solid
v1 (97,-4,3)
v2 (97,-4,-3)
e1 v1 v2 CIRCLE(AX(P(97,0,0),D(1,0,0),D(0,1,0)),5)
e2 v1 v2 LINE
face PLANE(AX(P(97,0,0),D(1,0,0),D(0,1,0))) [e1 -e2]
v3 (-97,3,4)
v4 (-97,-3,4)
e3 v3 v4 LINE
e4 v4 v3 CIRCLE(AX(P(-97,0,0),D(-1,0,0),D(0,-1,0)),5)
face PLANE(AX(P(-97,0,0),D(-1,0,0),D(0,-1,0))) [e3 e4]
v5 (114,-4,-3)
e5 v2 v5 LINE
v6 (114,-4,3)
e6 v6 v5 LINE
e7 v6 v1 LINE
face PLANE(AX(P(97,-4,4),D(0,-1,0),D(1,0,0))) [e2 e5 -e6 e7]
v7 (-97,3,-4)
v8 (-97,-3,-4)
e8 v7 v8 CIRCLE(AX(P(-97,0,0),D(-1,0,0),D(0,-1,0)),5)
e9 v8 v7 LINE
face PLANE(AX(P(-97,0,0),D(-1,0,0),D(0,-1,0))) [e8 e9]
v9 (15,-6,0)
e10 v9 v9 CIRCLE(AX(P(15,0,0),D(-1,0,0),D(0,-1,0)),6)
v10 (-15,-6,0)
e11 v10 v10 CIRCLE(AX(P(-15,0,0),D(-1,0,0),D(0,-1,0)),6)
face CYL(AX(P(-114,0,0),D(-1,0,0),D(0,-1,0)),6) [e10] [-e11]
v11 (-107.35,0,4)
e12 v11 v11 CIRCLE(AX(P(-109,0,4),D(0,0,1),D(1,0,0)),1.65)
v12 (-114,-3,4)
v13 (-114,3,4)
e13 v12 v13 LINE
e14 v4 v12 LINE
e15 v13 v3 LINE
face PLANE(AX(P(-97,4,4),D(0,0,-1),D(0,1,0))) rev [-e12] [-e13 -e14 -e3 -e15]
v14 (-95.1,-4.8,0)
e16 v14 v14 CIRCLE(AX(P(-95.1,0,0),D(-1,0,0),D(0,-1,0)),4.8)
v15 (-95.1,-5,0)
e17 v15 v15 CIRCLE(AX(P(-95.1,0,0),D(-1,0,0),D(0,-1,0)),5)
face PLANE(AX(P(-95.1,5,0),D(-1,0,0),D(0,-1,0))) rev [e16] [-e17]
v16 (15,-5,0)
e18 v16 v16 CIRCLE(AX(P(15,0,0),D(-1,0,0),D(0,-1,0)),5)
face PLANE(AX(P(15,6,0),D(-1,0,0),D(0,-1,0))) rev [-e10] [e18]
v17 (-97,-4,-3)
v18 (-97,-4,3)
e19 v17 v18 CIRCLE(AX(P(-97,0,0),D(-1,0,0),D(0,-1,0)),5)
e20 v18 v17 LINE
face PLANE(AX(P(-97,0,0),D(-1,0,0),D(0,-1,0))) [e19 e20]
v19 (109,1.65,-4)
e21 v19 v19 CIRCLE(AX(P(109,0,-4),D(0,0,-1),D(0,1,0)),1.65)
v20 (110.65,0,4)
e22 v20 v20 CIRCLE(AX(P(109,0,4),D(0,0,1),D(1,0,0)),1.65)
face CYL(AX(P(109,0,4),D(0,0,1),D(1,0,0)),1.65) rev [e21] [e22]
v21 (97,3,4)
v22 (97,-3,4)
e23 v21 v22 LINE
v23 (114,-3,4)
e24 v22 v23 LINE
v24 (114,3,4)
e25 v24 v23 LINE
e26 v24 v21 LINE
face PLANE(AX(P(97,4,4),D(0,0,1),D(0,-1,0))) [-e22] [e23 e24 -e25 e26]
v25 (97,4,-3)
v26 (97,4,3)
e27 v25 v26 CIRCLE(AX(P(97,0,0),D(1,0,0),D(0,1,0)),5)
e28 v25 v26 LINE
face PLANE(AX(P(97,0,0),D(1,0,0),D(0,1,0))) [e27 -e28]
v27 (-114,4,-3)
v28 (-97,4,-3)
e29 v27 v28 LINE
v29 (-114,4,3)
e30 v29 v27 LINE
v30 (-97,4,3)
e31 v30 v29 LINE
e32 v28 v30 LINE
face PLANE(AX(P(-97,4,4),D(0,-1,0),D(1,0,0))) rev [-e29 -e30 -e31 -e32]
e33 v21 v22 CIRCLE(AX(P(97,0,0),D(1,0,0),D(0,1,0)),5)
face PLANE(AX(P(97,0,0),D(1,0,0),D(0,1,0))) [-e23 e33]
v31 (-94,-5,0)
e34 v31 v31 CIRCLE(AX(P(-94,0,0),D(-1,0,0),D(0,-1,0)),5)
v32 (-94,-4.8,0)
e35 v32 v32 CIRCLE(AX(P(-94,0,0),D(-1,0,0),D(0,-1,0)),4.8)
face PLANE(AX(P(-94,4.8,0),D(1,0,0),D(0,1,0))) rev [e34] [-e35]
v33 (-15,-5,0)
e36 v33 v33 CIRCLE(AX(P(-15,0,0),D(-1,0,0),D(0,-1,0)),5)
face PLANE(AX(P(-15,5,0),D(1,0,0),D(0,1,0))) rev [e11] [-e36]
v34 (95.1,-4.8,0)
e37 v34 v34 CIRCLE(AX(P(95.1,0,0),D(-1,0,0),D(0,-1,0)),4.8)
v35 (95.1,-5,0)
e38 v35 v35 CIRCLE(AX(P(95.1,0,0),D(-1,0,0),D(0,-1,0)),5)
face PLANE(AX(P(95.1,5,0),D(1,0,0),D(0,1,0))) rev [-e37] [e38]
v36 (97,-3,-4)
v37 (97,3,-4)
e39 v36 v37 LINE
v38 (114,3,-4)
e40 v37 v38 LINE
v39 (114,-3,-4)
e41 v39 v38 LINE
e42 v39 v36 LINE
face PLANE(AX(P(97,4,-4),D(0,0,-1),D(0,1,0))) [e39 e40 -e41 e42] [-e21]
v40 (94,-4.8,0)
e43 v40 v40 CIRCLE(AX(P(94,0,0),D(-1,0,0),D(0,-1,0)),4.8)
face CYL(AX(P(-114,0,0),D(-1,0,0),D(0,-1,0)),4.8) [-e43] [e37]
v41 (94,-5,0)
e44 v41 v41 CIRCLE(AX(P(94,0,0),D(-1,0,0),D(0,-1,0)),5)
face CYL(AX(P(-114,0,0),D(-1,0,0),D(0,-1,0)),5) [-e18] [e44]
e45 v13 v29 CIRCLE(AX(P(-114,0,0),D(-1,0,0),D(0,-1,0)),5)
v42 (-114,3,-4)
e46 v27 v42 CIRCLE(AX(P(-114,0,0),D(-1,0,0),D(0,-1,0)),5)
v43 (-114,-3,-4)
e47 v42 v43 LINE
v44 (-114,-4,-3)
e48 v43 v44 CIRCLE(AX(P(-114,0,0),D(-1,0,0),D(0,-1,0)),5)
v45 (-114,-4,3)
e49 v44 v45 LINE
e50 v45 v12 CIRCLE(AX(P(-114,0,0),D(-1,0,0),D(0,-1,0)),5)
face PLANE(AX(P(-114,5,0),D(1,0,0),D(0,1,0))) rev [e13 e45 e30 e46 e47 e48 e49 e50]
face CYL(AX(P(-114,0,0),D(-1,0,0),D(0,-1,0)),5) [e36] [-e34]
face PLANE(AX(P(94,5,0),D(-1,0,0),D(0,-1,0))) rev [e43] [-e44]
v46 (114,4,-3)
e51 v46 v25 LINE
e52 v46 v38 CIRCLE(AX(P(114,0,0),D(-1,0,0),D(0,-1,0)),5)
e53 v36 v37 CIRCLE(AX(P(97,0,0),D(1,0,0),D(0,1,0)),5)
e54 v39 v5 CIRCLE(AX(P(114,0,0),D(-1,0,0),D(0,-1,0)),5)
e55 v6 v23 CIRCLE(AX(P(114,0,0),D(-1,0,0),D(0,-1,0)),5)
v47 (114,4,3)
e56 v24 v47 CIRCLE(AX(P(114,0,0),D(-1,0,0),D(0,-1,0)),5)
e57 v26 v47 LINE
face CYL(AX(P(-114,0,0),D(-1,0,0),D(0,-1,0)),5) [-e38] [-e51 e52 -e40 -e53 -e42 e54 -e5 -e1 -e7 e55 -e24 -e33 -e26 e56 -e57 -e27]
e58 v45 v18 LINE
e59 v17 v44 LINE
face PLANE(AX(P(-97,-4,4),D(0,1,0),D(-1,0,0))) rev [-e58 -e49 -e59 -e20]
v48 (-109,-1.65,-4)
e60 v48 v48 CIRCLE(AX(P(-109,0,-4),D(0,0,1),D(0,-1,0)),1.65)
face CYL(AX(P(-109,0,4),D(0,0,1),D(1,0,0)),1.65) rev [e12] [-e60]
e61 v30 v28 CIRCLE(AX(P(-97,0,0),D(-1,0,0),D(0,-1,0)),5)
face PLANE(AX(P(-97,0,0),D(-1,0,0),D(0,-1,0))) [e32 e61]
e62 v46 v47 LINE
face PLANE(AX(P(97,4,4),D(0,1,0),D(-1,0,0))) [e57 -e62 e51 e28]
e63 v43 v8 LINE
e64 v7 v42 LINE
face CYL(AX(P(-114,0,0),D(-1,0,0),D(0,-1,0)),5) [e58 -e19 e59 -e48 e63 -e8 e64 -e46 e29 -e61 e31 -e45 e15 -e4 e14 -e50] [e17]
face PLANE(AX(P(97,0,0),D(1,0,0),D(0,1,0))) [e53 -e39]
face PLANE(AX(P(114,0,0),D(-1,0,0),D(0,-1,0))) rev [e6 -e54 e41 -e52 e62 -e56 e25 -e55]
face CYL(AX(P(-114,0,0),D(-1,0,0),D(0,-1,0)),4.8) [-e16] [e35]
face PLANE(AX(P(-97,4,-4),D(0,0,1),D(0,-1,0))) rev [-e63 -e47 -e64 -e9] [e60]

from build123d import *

# Parameters (mm, degrees)
SKETCH_2_OUTSIDE_W   = 59.726
SKETCH_2_OUTSIDE_H   = 59.726
SKETCH_2_OUTSIDE_W_2 = 8
SKETCH_2_OUTSIDE_H_2 = 8
CUT_EXTRUDE_1_DEPTH  = 17
HOLE_WIZARD_M4_1_D   = 3.3


with BuildPart() as part:
    # 草图1 → 旋转1 (revolve)
    with BuildSketch(Plane.XY):
        Polygon((114, 0), (114, 5), (95.1, 5), (95.1, 4.8), (94, 4.8), (94, 5), (15, 5), (15, 6), (-15, 6), (-15, 5), (-94, 5), (-94, 4.8), (-95.1, 4.8), (-95.1, 5), (-114, 5), (-114, 0), align=None)
    revolve(axis=Axis((-114, 0, 0), (1, 0, 0)))

    # 草图2 outside → 切除-拉伸1 (cut)
    with BuildSketch(Plane(origin=(114, 0, 0), x_dir=(0, 0, -1), z_dir=(1, 0, 0))):
        Rectangle(SKETCH_2_OUTSIDE_W, SKETCH_2_OUTSIDE_H)
        Rectangle(SKETCH_2_OUTSIDE_W_2, SKETCH_2_OUTSIDE_H_2, mode=Mode.SUBTRACT)
    cut_extrude_1 = extrude(amount=-CUT_EXTRUDE_1_DEPTH, mode=Mode.SUBTRACT)

    # 镜向2: 切除-拉伸1 across plane
    add(cut_extrude_1.mirror(Plane(origin=(0, 0, 0), x_dir=(0, 0, 1), z_dir=(1, 0, 0))), mode=Mode.SUBTRACT)

    # M4 螺纹孔1 (through all)
    with Locations(Plane.XY.offset(4)):
        with Locations((109, 0), (-109, 0)):
            Hole(HOLE_WIZARD_M4_1_D / 2)


solid = part.part
